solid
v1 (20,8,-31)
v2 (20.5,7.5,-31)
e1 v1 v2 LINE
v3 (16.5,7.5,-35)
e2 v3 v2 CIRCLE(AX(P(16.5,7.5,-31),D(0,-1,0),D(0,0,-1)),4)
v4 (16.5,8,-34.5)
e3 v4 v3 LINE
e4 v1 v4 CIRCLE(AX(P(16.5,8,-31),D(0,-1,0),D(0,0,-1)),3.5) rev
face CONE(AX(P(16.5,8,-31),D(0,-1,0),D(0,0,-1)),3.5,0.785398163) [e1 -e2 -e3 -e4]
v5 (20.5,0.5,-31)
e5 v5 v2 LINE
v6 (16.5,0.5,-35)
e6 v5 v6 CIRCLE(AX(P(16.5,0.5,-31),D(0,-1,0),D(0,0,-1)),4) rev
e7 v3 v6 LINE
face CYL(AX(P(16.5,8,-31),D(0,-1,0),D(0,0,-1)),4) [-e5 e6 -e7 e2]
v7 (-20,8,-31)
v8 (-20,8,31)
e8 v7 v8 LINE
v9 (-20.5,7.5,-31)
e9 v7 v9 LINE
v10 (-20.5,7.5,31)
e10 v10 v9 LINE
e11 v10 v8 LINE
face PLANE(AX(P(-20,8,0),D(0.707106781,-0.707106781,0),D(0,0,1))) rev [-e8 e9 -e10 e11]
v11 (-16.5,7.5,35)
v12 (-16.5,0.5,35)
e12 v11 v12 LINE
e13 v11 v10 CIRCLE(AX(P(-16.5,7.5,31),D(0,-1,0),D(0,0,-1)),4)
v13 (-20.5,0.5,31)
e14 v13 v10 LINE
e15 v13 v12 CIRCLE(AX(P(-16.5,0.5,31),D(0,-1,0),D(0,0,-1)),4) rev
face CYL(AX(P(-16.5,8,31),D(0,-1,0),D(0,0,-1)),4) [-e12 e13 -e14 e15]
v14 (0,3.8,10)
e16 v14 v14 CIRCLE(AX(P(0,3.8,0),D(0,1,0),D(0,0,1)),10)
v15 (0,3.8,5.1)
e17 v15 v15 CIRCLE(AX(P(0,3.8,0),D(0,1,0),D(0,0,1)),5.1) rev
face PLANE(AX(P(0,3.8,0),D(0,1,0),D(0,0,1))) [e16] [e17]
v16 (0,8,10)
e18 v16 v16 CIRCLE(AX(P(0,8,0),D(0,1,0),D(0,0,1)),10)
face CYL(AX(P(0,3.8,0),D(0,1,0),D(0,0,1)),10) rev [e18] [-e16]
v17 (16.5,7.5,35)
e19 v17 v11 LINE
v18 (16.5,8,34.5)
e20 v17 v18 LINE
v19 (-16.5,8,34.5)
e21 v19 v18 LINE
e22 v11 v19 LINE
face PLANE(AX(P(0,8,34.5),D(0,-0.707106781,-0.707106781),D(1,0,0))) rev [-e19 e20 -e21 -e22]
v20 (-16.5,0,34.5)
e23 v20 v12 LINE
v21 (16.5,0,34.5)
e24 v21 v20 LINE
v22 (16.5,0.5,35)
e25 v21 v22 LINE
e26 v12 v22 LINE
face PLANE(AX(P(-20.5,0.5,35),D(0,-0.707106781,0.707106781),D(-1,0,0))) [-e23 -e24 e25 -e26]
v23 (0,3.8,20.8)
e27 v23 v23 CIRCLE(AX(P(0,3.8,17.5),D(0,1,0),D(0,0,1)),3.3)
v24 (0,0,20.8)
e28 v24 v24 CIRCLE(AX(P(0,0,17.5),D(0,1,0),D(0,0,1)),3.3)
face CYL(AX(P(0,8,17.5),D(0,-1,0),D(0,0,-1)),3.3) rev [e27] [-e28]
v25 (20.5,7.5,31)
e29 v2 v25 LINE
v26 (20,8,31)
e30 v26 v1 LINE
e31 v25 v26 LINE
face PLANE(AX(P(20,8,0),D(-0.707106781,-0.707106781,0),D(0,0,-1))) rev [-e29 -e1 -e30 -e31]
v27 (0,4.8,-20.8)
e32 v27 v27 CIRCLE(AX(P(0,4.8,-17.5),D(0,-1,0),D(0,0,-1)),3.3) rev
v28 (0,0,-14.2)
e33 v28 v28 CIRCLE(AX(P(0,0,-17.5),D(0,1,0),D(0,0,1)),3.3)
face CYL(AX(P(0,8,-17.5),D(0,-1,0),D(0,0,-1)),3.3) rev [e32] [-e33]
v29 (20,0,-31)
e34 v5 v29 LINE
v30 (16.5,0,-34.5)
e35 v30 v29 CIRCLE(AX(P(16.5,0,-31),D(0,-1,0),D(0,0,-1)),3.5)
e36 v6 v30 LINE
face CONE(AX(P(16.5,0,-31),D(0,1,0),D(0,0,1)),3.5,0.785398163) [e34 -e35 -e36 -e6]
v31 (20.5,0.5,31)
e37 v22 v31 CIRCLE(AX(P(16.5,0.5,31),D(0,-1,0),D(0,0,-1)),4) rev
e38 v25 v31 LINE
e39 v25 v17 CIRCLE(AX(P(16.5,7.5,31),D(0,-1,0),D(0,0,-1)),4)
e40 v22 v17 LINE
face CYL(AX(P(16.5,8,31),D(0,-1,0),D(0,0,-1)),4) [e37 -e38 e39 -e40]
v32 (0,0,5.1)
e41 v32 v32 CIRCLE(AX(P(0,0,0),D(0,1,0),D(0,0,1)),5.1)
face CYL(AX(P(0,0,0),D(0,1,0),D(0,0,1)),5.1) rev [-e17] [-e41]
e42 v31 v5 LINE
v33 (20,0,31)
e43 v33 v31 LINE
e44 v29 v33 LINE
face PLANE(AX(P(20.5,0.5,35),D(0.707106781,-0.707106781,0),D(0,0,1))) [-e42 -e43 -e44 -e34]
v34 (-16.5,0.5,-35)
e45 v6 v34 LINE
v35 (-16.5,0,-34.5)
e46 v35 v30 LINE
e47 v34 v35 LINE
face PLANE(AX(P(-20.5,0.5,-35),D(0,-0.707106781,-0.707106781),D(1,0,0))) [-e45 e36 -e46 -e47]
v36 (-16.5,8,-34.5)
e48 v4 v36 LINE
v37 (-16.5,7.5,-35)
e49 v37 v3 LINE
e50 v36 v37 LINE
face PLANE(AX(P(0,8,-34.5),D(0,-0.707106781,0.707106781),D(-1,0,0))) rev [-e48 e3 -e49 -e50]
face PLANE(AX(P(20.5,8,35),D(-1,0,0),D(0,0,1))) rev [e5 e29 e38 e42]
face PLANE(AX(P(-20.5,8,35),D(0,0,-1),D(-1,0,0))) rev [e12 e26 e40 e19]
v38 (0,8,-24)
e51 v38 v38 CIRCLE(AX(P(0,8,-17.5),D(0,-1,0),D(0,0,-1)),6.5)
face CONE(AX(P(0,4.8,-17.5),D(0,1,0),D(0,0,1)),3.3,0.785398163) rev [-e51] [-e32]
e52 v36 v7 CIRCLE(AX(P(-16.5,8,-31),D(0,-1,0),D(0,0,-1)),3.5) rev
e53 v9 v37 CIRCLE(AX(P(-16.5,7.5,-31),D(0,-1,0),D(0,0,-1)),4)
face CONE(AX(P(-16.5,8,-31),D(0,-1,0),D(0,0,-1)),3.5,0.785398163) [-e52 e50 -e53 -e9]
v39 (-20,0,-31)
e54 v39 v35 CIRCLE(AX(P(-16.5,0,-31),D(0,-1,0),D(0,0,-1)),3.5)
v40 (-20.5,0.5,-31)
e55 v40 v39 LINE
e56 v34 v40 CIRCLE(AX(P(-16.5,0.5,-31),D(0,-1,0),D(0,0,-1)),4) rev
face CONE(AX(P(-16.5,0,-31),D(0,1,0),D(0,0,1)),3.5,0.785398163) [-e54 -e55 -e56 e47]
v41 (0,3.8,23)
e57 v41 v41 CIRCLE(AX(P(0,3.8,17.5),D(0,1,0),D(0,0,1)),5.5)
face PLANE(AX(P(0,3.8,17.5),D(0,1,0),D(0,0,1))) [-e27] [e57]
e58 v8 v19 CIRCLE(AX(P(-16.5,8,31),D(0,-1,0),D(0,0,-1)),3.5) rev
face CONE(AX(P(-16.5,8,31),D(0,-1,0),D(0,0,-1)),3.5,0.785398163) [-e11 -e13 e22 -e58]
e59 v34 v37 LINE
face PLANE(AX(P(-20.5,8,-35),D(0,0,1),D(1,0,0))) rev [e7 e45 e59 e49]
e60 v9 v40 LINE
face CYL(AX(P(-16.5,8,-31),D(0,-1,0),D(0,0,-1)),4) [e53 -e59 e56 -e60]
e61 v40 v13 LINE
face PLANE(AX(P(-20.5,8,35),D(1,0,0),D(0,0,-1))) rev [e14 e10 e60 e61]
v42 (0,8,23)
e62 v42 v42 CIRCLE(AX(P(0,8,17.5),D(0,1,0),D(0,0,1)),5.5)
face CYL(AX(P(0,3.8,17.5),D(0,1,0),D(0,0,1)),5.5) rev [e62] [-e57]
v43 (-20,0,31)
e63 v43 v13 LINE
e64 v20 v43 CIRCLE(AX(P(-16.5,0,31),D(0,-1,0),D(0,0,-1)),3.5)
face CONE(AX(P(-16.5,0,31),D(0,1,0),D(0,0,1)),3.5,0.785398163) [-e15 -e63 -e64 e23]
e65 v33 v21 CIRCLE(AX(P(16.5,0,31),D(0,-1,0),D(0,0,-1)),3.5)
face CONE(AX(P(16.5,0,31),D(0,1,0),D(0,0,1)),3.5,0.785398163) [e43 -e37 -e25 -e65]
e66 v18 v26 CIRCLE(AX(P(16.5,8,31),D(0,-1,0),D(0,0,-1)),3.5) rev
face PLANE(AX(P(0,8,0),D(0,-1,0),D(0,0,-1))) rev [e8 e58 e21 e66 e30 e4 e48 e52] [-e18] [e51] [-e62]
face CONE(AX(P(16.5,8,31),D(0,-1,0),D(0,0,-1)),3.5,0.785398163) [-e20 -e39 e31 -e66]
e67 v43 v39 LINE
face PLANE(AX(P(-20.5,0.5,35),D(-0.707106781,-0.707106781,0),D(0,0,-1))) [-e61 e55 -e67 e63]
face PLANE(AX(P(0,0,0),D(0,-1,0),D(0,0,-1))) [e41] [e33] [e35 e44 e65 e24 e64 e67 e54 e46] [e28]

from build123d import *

# Parameters (mm, degrees)
SKETCH1_W           = 41
SKETCH1_H           = 70
SKETCH1_R           = 3.3
BOSS_EXTRUDE1_DEPTH = 8
SKETCH2_R           = 5.5
CUT_EXTRUDE1_DEPTH  = 4.2
CHAMFER2_SIZE       = 3.2
FILLET1_R           = 4
CHAMFER4_SIZE       = 0.5
SKETCH4_R           = 5.1
CUT_EXTRUDE3_DEPTH  = 9
SKETCH5_R           = 10
CUT_EXTRUDE4_DEPTH  = 4.2


with BuildPart() as part:
    # Sketch1 → Boss-Extrude1 (new body)
    with BuildSketch(Plane(origin=(0, 0, 0), x_dir=(1, 0, 0), z_dir=(0, 1, 0))):
        Rectangle(SKETCH1_W, SKETCH1_H)
        with Locations((0, 17.5)):
            Circle(SKETCH1_R, mode=Mode.SUBTRACT)
        with Locations((0, -17.5)):
            Circle(SKETCH1_R, mode=Mode.SUBTRACT)
    extrude(amount=BOSS_EXTRUDE1_DEPTH)

    # Sketch2 → Cut-Extrude1 (cut)
    with BuildSketch(Plane(origin=(0, 8, 0), x_dir=(1, 0, 0), z_dir=(0, 1, 0))):
        with Locations((0, -17.5)):
            Circle(SKETCH2_R)
    extrude(amount=-CUT_EXTRUDE1_DEPTH, mode=Mode.SUBTRACT)

    # Chamfer2
    chamfer2_edges = [part.edges().sort_by_distance(p)[0] for p in [
        (-3.3, 8, -17.5),
    ]]
    chamfer(chamfer2_edges, length=CHAMFER2_SIZE)

    # Fillet1
    fillet1_edges = [part.edges().sort_by_distance(p)[0] for p in [
        (20.5, 4, 35),
        (-20.5, 4, 35),
        (-20.5, 4, -35),
        (20.5, 4, -35),
    ]]
    fillet(fillet1_edges, radius=FILLET1_R)

    # Chamfer4
    chamfer4_edges = [part.edges().sort_by_distance(p)[0] for p in [
        (0, 0, 35),
        (0, 8, 35),
        (20.5, 0, 0),
        (-20.5, 0, 0),
        (0, 0, -35),
        (-19.328427125, 0, -33.828427125),
        (19.328427125, 0, -33.828427125),
        (19.328427125, 0, 33.828427125),
        (-19.328427125, 0, 33.828427125),
        (-20.5, 8, 0),
        (20.5, 8, 0),
        (0, 8, -35),
        (-19.328427125, 8, -33.828427125),
        (19.328427125, 8, -33.828427125),
        (19.328427125, 8, 33.828427125),
        (-19.328427125, 8, 33.828427125),
    ]]
    chamfer(chamfer4_edges, length=CHAMFER4_SIZE)

    # Sketch4 → Cut-Extrude3 (cut, through all)
    with BuildSketch(Plane(origin=(0, 8, 0), x_dir=(1, 0, 0), z_dir=(0, 1, 0))):
        Circle(SKETCH4_R)
    extrude(amount=-CUT_EXTRUDE3_DEPTH, mode=Mode.SUBTRACT)

    # Sketch5 → Cut-Extrude4 (cut)
    with BuildSketch(Plane(origin=(0, 8, 0), x_dir=(1, 0, 0), z_dir=(0, 1, 0))):
        Circle(SKETCH5_R)
    extrude(amount=-CUT_EXTRUDE4_DEPTH, mode=Mode.SUBTRACT)


solid = part.part
